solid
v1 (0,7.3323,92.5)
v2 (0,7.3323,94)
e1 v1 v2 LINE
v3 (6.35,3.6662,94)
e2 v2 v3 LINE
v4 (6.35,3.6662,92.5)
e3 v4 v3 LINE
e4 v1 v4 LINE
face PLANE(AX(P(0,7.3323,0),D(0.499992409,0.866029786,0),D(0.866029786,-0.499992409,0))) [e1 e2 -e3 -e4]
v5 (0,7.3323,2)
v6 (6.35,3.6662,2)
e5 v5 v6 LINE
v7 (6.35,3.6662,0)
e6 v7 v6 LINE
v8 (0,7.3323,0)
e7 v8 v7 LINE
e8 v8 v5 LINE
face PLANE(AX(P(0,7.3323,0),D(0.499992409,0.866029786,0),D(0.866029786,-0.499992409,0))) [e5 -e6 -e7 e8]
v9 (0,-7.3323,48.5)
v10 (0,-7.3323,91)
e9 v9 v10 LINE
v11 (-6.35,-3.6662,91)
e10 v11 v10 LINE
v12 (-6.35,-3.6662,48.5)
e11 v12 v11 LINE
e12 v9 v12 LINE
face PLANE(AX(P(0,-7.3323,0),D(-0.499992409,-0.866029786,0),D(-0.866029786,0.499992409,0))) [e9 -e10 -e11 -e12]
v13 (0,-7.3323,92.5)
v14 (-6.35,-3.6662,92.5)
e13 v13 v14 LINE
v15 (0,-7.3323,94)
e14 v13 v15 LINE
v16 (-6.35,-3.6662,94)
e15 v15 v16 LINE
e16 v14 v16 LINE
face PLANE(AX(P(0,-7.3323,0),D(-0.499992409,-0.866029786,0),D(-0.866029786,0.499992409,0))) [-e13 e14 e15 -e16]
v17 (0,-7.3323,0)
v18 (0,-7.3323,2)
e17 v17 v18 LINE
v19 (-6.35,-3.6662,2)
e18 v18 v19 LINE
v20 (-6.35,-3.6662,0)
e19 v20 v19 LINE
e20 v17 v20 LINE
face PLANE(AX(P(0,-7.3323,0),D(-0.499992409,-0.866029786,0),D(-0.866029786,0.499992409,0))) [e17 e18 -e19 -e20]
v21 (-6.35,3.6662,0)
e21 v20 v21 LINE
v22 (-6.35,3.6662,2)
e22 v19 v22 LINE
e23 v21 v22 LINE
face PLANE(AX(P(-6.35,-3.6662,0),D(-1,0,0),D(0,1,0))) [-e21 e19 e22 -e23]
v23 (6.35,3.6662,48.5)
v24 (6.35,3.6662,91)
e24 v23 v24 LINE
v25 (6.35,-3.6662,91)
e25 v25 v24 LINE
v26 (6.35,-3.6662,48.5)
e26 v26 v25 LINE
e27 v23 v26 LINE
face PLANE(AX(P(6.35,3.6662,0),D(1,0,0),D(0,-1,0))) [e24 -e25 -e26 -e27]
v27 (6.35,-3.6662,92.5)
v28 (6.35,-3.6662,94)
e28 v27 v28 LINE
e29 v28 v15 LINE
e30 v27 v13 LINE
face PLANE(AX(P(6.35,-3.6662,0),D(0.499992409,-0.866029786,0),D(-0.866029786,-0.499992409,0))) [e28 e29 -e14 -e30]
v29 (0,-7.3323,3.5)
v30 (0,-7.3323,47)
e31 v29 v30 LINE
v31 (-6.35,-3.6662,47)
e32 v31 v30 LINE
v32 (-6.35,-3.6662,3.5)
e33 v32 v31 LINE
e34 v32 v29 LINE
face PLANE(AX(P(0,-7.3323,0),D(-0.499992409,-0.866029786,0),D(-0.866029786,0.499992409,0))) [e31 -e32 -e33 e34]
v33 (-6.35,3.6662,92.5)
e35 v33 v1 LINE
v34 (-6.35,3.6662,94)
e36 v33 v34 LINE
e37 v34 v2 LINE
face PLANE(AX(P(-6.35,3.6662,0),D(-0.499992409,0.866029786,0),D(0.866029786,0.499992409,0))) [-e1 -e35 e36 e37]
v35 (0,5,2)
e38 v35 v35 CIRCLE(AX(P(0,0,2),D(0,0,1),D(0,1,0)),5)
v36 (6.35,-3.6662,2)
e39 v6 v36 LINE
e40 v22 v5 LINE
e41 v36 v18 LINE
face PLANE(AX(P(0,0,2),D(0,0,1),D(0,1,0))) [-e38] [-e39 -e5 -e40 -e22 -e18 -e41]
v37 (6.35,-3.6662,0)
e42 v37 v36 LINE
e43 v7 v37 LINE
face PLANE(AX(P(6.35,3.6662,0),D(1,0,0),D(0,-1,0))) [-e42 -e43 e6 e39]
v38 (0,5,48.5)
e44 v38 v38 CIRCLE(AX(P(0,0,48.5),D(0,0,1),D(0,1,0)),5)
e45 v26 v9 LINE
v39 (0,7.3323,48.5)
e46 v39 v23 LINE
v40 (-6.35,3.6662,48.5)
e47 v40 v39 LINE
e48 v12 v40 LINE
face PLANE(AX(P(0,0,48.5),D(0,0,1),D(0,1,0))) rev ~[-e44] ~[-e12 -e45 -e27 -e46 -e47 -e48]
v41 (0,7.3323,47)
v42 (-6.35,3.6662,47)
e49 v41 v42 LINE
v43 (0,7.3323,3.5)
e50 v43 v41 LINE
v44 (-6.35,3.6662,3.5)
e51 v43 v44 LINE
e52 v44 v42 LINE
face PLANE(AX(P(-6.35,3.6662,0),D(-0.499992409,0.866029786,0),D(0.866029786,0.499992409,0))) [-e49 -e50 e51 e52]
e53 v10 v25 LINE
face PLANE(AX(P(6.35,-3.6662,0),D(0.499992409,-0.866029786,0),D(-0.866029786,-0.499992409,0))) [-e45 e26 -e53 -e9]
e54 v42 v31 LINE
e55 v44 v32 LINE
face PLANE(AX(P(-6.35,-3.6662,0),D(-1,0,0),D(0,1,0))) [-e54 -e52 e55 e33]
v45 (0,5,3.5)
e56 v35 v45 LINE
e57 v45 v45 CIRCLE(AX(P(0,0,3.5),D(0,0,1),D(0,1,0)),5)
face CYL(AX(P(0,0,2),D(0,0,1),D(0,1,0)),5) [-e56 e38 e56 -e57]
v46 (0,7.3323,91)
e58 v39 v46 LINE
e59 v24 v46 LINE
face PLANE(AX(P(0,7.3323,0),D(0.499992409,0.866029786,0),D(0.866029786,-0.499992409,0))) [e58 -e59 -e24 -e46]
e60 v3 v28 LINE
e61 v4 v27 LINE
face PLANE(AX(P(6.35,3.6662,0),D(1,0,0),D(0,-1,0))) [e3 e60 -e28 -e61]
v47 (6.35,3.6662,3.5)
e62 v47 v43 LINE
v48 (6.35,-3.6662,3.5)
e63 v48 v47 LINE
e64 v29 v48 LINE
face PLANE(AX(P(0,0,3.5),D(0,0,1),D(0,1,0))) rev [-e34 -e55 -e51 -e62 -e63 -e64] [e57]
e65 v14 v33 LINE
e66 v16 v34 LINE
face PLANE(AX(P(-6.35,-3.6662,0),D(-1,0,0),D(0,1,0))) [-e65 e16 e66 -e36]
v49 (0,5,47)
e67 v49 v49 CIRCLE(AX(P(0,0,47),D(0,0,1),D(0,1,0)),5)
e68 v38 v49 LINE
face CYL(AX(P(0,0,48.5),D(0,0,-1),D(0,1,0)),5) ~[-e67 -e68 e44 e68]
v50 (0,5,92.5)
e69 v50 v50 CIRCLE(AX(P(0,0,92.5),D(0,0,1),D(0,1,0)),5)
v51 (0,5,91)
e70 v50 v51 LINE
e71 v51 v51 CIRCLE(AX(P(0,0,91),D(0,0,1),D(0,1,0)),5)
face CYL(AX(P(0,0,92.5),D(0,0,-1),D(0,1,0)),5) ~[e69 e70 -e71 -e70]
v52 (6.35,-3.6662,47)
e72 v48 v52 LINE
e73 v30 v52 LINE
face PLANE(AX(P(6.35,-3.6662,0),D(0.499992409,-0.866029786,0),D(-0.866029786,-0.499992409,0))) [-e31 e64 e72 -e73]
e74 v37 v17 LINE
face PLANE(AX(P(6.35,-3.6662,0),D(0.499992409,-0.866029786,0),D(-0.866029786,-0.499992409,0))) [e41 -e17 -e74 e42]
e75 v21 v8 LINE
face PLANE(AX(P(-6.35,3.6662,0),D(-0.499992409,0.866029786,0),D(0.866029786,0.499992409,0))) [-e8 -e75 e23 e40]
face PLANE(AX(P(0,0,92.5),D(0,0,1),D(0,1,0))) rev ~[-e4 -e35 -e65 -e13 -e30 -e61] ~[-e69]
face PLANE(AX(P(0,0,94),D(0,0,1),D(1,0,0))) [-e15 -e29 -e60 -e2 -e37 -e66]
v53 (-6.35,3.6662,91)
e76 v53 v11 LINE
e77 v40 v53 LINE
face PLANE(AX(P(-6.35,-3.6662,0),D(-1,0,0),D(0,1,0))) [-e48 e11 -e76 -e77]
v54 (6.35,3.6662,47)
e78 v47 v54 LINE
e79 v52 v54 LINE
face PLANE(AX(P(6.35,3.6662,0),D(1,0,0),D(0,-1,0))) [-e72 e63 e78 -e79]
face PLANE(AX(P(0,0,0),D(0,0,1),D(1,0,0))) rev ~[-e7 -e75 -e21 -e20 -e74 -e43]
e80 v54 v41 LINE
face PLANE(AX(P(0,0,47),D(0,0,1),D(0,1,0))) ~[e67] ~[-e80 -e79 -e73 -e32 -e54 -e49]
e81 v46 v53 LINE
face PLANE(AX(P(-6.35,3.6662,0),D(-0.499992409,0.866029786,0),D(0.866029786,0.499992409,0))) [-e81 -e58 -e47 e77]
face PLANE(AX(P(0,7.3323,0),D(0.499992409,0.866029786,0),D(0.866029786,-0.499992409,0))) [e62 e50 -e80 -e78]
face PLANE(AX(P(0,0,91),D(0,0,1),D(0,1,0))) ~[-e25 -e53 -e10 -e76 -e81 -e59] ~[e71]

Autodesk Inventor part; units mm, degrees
ref_plane "YZ Plane" through (0, 0, 0) normal (1, 0, 0) x (0, 1, 0)
ref_plane "XZ Plane" through (0, 0, 0) normal (0, 1, 0) x (-1, 0, 0)
ref_plane "XY Plane" through (0, 0, 0) normal (0, 0, 1) x (1, 0, 0)
sketch "Sketch1" plane through (0, 0, 0) normal (0, 0, 1) x (1, 0, 0)
  line L0 (6.35, -3.6662) -> (0, -7.3323)
  line L1 (0, -7.3323) -> (-6.35, -3.6662)
  line L2 (-6.35, -3.6662) -> (-6.35, 3.6662)
  line L3 (-6.35, 3.6662) -> (0, 7.3323)
  line L4 (0, 7.3323) -> (6.35, 3.6662)
  line L5 (6.35, 3.6662) -> (6.35, -3.6662)
  point P0 (0, 0)
  point P1 (0, 0)
  dimension "d0" = 12.7
extrude "Extrusion1" add sketch "Sketch1" along normal blind 94
sketch "Sketch2" plane through (0, 0, 0) normal (1, 0, 0) x (0, 1, 0)
  line L0 (15, 2) -> (5, 2)
  line L1 (5, 2) -> (5, 3.5)
  line L2 (5, 3.5) -> (15, 3.5)
  line L3 (15, 3.5) -> (15, 2)
  line L4 (3.6662, 0) -> (7.3323, 0) projected
  line L5 (0, -18.42) -> (0, 110.52) projected
  line L6 (15, 92.5) -> (5, 92.5)
  line L7 (5, 92.5) -> (5, 91)
  line L8 (5, 91) -> (15, 91)
  line L9 (15, 91) -> (15, 92.5)
  line L10 (15, 48.5) -> (5, 48.5)
  line L11 (5, 48.5) -> (5, 47)
  line L12 (5, 47) -> (15, 47)
  line L13 (15, 47) -> (15, 48.5)
  point P0 (0, 0)
  point P1 (0, 0)
  point P2 (15, 2.75)
  point P3 (15, 47.75)
  dimension "d3" = 1.5
  dimension "d4" = 2
  dimension "d5" = 10
  dimension "d6" = 5
  dimension "d8" = 91
  dimension "d9" = 47
revolve "Revolution1" cut sketch "Sketch2" angle 360 about axis through (0, 0, -10) along (0, 0, 1)
properties part number "Drive Shaft"
